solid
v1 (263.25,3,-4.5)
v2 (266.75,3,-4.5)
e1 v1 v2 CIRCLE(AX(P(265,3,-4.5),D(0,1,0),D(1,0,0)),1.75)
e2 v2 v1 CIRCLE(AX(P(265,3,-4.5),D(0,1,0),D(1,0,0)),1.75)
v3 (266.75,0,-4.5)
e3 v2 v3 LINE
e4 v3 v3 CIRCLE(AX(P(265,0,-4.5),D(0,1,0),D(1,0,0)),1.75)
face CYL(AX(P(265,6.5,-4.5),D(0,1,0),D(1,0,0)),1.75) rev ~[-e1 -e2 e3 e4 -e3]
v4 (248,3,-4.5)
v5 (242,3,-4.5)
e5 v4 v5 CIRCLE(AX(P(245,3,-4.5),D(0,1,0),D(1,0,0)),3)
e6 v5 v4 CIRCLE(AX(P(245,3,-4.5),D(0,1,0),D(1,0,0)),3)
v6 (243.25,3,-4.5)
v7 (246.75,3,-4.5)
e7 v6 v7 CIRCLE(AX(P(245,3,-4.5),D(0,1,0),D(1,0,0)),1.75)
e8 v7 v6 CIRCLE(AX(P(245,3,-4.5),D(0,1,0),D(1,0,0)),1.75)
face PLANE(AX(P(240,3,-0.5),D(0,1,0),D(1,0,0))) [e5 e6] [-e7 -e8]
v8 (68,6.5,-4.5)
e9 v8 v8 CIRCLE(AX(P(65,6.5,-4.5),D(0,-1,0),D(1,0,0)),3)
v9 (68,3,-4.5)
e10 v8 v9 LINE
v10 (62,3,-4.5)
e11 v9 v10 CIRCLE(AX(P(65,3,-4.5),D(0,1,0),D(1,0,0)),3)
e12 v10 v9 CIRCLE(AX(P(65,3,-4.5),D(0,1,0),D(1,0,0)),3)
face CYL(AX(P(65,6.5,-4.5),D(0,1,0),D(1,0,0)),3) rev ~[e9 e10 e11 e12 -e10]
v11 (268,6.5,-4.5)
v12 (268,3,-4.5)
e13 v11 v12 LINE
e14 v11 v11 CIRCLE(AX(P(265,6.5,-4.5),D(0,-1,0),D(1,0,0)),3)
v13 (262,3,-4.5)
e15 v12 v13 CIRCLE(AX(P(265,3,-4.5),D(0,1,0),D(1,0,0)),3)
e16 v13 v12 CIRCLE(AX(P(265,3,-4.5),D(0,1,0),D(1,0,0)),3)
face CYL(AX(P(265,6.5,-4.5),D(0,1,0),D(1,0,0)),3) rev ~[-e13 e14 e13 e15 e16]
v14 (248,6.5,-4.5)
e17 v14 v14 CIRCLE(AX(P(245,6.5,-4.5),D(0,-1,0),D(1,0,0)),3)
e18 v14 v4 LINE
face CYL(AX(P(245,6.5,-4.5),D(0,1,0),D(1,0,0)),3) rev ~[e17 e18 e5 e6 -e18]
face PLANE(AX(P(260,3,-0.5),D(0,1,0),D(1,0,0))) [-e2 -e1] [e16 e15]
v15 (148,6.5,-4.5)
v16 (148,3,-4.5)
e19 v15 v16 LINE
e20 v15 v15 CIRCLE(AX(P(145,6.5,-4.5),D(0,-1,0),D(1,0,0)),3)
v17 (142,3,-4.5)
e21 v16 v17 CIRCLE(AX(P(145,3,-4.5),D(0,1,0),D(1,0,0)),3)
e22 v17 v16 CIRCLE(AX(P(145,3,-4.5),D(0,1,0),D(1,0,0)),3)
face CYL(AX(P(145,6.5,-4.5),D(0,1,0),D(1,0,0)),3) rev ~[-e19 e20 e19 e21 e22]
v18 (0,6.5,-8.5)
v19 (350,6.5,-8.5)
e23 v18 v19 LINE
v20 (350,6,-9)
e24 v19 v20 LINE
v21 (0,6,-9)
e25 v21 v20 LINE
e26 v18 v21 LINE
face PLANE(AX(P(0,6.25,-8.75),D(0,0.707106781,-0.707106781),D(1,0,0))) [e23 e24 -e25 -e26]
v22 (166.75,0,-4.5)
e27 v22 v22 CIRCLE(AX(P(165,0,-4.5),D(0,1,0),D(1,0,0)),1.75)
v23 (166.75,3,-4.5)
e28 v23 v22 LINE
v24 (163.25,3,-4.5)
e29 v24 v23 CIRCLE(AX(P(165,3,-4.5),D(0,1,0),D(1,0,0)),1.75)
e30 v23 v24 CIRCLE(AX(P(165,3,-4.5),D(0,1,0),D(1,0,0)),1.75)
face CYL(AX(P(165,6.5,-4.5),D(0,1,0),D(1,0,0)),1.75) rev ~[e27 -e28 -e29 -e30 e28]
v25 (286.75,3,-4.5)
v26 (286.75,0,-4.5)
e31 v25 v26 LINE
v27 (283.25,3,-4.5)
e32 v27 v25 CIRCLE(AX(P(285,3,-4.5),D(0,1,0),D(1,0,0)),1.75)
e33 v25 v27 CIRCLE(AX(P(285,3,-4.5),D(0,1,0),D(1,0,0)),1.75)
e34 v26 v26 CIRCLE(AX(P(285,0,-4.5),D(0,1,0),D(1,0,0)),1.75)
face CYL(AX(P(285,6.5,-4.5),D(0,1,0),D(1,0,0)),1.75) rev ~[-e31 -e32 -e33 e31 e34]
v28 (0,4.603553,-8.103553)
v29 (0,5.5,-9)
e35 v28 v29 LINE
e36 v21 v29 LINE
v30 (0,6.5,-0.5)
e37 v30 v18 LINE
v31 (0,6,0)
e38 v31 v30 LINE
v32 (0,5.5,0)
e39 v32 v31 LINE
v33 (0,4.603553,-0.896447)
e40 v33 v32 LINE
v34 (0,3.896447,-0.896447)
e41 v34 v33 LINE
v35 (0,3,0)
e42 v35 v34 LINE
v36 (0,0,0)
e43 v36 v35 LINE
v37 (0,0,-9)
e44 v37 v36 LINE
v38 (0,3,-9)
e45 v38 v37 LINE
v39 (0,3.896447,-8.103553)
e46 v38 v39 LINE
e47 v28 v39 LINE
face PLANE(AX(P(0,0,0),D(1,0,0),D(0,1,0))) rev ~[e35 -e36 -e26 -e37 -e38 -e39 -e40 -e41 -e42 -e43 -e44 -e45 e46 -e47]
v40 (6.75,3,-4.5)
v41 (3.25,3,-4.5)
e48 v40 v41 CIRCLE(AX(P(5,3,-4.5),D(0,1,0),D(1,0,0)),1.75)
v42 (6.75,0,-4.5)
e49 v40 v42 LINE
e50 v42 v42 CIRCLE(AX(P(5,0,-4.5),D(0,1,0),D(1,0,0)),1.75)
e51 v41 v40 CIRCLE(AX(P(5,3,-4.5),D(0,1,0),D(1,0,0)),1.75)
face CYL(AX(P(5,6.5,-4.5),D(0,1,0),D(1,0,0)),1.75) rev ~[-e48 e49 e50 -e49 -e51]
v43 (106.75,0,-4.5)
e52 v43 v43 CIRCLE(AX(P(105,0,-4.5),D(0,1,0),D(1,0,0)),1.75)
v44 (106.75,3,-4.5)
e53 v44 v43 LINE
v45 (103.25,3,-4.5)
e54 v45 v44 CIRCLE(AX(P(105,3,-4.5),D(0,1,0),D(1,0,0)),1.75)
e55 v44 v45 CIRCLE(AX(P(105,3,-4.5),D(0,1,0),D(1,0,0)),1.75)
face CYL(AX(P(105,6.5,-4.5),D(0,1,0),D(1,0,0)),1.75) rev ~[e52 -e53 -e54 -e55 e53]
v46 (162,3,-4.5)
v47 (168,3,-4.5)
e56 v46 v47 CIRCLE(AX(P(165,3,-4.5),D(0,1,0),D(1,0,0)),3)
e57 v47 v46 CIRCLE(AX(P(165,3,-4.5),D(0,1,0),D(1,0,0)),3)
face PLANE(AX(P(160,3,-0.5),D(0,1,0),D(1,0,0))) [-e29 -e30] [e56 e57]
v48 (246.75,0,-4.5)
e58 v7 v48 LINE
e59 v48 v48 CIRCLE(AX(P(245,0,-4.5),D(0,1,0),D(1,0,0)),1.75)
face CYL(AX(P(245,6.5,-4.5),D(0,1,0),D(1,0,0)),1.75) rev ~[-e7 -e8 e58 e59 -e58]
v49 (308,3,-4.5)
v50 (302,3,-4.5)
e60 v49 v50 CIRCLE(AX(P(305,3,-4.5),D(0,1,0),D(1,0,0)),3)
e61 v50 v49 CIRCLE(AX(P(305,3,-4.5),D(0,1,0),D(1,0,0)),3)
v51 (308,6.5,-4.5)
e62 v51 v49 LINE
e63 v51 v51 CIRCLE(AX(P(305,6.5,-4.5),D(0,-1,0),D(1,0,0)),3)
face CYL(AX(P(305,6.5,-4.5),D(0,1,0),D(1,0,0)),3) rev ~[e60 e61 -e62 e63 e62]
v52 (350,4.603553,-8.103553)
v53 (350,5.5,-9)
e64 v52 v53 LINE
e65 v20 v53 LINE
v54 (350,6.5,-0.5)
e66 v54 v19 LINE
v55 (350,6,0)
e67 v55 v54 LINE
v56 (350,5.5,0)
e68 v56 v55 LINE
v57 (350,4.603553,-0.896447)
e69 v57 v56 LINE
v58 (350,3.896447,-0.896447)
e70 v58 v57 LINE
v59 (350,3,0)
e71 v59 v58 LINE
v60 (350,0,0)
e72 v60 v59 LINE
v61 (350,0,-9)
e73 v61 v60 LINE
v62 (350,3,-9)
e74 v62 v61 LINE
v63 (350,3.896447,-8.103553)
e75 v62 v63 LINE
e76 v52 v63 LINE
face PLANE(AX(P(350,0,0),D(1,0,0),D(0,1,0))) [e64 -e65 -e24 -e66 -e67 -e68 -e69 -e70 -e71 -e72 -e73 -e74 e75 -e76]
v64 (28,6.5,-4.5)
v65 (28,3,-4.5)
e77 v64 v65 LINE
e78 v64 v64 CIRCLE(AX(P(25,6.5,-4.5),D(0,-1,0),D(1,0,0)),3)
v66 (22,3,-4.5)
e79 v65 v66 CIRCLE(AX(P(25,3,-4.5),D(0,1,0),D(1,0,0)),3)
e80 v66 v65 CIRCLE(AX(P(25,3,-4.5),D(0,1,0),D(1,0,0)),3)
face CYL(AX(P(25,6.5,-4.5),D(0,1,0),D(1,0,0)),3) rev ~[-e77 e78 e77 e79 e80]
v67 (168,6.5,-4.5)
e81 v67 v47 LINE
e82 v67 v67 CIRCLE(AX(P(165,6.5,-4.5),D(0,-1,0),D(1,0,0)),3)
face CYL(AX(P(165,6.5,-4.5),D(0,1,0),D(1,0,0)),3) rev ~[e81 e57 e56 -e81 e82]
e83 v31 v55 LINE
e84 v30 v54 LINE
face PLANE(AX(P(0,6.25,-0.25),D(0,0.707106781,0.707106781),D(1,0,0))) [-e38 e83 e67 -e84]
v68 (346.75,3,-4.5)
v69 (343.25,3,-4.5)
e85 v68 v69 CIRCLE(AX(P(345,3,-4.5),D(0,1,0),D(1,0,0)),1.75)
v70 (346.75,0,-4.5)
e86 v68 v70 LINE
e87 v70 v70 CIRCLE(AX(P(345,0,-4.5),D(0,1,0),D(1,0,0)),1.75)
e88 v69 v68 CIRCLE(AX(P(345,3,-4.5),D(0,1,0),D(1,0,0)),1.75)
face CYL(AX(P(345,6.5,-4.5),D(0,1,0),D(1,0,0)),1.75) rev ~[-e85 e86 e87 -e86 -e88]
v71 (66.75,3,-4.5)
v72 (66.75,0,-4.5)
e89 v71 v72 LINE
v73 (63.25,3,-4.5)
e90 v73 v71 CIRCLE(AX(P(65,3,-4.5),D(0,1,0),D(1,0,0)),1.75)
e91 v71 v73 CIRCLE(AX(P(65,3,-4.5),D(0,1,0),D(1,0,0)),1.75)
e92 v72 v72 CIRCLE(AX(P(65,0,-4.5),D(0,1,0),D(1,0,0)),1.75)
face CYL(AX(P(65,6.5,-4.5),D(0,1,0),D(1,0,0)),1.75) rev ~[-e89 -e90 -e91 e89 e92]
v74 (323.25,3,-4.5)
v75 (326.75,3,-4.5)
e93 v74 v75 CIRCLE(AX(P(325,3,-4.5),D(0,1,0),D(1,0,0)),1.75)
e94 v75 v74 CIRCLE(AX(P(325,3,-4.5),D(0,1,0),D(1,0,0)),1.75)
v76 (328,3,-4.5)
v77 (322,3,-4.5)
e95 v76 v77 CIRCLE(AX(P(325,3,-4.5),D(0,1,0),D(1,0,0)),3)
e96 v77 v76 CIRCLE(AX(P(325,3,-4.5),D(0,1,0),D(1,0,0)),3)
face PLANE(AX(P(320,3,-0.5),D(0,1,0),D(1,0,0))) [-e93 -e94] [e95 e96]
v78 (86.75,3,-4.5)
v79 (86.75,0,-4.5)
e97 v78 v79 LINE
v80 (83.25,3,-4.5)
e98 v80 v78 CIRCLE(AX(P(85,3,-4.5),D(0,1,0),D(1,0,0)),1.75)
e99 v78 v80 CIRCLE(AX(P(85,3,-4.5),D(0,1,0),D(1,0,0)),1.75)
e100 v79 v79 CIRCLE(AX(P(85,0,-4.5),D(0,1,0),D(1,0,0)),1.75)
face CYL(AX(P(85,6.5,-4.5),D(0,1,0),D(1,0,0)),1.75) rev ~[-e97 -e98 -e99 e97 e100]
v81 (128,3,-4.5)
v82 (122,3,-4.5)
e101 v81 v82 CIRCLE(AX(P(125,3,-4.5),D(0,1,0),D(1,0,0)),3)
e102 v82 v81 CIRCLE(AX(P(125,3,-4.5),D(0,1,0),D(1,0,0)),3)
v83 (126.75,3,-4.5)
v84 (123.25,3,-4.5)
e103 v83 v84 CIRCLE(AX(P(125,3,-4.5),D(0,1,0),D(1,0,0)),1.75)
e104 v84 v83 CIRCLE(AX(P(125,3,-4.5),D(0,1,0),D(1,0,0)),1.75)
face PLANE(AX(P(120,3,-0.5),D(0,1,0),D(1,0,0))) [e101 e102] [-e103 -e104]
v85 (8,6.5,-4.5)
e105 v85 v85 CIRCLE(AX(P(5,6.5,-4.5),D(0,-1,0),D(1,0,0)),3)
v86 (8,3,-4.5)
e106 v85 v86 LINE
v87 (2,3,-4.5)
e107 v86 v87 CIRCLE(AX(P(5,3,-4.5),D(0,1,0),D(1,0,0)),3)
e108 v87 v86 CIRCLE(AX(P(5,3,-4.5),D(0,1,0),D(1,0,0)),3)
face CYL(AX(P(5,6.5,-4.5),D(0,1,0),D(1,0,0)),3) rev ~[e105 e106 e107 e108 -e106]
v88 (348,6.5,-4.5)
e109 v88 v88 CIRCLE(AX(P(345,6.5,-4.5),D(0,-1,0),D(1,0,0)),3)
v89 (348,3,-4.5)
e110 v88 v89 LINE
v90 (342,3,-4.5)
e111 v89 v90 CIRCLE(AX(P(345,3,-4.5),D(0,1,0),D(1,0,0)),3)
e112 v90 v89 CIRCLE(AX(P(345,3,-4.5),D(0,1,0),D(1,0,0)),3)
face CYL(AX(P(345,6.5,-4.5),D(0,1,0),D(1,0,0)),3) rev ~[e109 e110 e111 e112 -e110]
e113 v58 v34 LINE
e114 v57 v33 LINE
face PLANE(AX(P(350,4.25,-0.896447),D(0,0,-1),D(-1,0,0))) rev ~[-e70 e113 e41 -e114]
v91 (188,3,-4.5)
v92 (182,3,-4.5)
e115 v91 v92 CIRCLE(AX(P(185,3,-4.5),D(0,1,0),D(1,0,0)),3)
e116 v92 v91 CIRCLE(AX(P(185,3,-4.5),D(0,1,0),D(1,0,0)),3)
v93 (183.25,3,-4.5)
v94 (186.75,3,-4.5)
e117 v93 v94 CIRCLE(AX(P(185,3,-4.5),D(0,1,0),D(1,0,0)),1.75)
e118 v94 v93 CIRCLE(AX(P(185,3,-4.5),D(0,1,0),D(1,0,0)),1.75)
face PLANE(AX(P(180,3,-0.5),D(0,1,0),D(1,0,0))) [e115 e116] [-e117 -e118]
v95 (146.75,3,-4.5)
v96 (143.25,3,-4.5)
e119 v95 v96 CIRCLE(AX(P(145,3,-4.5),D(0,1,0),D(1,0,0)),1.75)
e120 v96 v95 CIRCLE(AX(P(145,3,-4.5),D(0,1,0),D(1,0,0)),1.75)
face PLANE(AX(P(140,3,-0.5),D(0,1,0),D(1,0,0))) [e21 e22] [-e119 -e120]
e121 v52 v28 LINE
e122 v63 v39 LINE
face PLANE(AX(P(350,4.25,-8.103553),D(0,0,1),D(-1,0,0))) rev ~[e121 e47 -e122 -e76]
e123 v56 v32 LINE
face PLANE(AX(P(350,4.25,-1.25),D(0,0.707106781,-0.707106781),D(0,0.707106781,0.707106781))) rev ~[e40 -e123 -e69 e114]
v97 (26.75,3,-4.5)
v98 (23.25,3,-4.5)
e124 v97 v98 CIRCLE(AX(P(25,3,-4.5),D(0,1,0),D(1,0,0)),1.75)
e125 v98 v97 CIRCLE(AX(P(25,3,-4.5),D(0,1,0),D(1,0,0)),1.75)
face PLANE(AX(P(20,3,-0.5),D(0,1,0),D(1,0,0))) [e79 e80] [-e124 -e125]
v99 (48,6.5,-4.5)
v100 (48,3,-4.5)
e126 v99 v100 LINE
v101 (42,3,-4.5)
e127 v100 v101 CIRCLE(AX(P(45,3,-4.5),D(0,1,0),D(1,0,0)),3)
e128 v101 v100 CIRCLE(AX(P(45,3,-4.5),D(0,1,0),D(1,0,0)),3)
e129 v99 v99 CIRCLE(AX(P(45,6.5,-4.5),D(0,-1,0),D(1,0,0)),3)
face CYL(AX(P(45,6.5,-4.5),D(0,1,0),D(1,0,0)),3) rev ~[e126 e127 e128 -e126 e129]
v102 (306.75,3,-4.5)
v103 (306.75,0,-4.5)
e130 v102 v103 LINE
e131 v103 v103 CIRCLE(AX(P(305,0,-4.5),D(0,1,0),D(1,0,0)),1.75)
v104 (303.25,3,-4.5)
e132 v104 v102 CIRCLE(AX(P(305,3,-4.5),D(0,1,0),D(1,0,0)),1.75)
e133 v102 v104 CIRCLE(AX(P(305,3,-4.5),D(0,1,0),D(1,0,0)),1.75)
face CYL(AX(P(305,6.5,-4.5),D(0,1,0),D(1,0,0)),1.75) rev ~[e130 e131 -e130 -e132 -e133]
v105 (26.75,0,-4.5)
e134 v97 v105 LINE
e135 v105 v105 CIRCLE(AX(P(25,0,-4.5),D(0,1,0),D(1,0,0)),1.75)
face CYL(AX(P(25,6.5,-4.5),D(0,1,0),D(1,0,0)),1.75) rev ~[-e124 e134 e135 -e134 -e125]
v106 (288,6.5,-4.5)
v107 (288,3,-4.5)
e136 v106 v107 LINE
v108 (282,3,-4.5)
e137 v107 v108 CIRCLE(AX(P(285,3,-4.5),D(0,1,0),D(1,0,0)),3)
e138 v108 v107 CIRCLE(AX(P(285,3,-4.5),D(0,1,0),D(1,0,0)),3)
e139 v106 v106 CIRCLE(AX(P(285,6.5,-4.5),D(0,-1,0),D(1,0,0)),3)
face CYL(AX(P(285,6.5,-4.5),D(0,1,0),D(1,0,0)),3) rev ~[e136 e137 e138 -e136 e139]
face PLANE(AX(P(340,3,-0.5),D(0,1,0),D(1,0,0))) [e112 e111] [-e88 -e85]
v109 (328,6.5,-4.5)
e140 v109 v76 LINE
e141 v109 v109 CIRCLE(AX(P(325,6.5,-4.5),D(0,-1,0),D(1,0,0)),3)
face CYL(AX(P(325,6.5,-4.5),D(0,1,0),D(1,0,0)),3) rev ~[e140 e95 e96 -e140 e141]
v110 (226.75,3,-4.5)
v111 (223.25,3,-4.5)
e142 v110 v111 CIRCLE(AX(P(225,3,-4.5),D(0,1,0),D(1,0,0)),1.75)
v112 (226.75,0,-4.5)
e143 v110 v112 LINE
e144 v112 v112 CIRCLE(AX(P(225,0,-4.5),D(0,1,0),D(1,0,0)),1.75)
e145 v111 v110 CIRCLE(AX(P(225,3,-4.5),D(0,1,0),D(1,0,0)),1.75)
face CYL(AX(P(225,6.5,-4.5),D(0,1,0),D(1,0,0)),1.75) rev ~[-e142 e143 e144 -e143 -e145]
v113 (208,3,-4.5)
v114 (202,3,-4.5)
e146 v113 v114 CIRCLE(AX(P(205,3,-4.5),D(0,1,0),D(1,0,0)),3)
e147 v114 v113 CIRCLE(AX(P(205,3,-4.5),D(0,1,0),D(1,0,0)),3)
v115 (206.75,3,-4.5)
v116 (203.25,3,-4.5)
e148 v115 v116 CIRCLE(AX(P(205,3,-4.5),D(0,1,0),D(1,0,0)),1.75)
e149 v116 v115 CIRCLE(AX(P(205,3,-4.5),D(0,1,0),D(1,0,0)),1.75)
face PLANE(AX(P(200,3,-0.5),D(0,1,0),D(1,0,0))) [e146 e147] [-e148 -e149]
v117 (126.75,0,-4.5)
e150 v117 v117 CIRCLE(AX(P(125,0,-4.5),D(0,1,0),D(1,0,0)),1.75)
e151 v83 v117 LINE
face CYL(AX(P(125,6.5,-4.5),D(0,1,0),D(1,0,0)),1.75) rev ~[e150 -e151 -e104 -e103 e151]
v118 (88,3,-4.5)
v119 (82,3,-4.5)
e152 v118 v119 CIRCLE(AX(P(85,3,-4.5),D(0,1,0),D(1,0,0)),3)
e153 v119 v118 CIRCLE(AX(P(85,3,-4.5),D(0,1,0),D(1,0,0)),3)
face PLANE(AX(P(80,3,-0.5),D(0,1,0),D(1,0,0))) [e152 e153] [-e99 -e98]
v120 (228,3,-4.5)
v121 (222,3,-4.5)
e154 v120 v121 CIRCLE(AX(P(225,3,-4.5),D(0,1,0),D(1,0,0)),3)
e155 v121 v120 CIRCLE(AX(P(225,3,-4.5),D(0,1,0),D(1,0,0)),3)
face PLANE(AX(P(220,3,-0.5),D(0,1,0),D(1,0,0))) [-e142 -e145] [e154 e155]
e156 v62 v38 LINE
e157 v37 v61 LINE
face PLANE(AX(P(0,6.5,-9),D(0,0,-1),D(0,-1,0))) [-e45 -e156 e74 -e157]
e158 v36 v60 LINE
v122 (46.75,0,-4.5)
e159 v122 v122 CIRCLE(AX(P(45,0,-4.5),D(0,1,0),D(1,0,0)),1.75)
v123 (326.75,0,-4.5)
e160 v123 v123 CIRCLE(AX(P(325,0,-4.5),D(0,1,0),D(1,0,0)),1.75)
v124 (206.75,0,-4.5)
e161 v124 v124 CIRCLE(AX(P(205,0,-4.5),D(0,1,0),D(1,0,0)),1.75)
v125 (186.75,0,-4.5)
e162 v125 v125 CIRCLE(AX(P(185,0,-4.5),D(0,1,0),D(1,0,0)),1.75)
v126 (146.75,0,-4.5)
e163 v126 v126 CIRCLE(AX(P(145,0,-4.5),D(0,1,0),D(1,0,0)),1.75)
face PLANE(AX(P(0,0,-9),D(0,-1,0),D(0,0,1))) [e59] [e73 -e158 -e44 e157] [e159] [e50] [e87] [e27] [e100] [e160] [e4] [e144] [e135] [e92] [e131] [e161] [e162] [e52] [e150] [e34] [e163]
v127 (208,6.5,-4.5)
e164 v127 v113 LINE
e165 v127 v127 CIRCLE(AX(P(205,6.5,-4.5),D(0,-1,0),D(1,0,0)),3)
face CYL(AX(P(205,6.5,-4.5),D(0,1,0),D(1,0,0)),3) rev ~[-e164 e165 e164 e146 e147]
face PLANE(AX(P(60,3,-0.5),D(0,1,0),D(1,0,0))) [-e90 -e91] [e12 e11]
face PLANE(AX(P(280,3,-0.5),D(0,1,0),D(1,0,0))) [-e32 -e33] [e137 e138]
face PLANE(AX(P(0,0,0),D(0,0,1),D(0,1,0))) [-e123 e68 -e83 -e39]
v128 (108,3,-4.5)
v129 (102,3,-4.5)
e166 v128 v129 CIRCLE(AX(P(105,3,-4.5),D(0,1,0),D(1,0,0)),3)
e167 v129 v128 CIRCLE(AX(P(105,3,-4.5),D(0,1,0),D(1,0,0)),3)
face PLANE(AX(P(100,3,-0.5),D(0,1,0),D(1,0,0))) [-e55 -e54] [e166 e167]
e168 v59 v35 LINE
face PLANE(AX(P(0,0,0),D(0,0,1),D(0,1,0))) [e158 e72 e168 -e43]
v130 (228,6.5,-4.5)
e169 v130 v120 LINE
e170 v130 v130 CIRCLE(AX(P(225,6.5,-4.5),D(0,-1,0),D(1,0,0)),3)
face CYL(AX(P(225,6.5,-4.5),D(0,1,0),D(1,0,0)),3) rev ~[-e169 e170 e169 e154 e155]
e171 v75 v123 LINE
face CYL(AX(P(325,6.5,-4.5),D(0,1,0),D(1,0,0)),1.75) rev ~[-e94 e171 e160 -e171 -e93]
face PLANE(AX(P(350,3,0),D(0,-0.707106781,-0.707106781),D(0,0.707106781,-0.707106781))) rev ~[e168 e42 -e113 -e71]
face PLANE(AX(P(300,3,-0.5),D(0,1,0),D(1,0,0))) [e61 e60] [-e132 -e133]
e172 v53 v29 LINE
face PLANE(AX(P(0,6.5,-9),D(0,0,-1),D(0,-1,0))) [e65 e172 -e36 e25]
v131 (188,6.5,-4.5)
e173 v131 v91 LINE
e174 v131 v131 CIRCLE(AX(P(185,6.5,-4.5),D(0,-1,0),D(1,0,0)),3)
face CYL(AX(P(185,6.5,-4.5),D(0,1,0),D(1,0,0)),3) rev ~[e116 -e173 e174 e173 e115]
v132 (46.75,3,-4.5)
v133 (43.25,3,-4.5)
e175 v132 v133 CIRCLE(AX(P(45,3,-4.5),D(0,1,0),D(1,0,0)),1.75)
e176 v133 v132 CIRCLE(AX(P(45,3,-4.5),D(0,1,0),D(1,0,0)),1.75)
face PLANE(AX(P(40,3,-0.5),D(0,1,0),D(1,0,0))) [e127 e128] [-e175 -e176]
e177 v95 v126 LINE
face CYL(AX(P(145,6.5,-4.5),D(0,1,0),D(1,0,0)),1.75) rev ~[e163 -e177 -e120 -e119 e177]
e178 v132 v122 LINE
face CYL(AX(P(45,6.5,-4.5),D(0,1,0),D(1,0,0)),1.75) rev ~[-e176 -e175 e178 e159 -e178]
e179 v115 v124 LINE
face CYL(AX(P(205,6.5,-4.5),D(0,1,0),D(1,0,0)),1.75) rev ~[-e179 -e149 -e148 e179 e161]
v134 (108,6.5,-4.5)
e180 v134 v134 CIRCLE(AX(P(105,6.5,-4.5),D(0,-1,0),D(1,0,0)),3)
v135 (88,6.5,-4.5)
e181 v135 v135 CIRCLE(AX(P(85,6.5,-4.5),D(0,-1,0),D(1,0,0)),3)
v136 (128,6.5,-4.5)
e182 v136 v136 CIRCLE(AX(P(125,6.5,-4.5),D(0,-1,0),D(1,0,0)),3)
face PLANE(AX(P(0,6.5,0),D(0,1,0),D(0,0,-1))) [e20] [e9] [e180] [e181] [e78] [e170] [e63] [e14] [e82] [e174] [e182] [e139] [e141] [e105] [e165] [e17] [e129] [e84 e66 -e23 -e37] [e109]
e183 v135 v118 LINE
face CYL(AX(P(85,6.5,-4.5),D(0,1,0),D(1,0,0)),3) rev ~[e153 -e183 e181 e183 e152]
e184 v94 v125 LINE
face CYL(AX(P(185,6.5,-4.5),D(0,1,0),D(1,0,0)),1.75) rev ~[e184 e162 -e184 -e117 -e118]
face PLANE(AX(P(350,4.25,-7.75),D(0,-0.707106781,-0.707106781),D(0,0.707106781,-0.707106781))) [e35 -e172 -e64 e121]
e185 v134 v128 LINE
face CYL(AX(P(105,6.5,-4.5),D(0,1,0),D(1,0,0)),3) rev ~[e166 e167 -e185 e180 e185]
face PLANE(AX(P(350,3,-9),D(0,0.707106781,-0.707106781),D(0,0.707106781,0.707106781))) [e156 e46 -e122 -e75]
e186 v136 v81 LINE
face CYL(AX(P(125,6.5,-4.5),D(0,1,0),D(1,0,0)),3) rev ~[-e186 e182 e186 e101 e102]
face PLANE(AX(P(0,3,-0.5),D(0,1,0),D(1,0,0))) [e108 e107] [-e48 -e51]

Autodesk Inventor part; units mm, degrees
ref_plane "YZ Plane" through (0, 0, 0) normal (1, 0, 0) x (0, 1, 0)
ref_plane "XZ Plane" through (0, 0, 0) normal (0, 1, 0) x (-1, 0, 0)
ref_plane "XY Plane" through (0, 0, 0) normal (0, 0, 1) x (1, 0, 0)
sketch "Sketch1" plane through (0, 0, 0) normal (1, 0, 0) x (0, 1, 0)
  line L0 (0, 0) -> (6.5, 0)
  line L1 (6.5, 0) -> (6.5, -9)
  line L2 (6.5, -9) -> (0, -9)
  line L3 (0, -9) -> (0, 0)
  dimension "d0" = 6.5
  dimension "d1" = 9
extrude "Extrusion1" add sketch "Sketch1" along normal blind 350
sketch "Sketch2" plane through (350, 0, 0) normal (1, 0, 0) x (0, 0, -1)
  line L0 (0, 6.5) -> (0, 0) projected
  line L1 (0, 0) -> (9, 0) construction
  line L2 (9, 0) -> (9, 6.5) projected
  line L3 (9, 6.5) -> (0, 6.5) construction
  line L4 (0, 3) -> (1.25, 4.25)
  line L5 (1.25, 4.25) -> (0, 5.5)
  line L6 (9, 6.5) -> (0, 6.5) projected
  line L7 (4.5, 6.5) -> (4.5, 0) construction
  line L8 (0, 0) -> (9, 0) projected
  line L9 (9, 3) -> (7.75, 4.25)
  line L10 (7.75, 4.25) -> (9, 5.5)
  line L11 (9, 5.5) -> (9, 3)
  line L12 (9, 0) -> (9, 6.5) projected
  dimension "d4" = 3.5
  dimension "d5" = 1
  dimension "d6" = 45
extrude "Extrusion2" cut sketch "Sketch2" against normal through all contours L5 L4 L0 | L2 L9 L10
chamfer "Chamfer1" distance 0.5 angle 45 4 edges at (175, 6.5, 0) (175, 6.5, -9) (175, 4.25, -7.75) (175, 4.25, -1.25)
sketch "Sketch3" plane through (0, 6.5, -0.5) normal (0, 1, 0) x (1, 0, 0)
  line L0 (0, 8) -> (350, 8) projected
  line L1 (0, 0) -> (0, 8) projected
  line L2 (350, 0) -> (0, 0) projected
  line L3 (350, 8) -> (350, 0) projected
  line L4 (0, 4) -> (5, 4)
  circle A0 centre (5, 4) radius 1.75
  circle A1 centre (5, 4) radius 3
  point P0 (0, -0.5)
  dimension "d12" = 3.5
  dimension "d13" = 5
  dimension "d14" = 6
extrude "Extrusion3" cut sketch "Sketch3" against normal through all contours A0
extrude "Extrusion4" cut sketch "Sketch3" against normal blind 3.5 contours A1
pattern_linear "Rectangular Pattern1" count 18 spacing 20 along (1, 0, 0) of "Extrusion3", "Extrusion4"
properties part number "mgn9_350mm"
